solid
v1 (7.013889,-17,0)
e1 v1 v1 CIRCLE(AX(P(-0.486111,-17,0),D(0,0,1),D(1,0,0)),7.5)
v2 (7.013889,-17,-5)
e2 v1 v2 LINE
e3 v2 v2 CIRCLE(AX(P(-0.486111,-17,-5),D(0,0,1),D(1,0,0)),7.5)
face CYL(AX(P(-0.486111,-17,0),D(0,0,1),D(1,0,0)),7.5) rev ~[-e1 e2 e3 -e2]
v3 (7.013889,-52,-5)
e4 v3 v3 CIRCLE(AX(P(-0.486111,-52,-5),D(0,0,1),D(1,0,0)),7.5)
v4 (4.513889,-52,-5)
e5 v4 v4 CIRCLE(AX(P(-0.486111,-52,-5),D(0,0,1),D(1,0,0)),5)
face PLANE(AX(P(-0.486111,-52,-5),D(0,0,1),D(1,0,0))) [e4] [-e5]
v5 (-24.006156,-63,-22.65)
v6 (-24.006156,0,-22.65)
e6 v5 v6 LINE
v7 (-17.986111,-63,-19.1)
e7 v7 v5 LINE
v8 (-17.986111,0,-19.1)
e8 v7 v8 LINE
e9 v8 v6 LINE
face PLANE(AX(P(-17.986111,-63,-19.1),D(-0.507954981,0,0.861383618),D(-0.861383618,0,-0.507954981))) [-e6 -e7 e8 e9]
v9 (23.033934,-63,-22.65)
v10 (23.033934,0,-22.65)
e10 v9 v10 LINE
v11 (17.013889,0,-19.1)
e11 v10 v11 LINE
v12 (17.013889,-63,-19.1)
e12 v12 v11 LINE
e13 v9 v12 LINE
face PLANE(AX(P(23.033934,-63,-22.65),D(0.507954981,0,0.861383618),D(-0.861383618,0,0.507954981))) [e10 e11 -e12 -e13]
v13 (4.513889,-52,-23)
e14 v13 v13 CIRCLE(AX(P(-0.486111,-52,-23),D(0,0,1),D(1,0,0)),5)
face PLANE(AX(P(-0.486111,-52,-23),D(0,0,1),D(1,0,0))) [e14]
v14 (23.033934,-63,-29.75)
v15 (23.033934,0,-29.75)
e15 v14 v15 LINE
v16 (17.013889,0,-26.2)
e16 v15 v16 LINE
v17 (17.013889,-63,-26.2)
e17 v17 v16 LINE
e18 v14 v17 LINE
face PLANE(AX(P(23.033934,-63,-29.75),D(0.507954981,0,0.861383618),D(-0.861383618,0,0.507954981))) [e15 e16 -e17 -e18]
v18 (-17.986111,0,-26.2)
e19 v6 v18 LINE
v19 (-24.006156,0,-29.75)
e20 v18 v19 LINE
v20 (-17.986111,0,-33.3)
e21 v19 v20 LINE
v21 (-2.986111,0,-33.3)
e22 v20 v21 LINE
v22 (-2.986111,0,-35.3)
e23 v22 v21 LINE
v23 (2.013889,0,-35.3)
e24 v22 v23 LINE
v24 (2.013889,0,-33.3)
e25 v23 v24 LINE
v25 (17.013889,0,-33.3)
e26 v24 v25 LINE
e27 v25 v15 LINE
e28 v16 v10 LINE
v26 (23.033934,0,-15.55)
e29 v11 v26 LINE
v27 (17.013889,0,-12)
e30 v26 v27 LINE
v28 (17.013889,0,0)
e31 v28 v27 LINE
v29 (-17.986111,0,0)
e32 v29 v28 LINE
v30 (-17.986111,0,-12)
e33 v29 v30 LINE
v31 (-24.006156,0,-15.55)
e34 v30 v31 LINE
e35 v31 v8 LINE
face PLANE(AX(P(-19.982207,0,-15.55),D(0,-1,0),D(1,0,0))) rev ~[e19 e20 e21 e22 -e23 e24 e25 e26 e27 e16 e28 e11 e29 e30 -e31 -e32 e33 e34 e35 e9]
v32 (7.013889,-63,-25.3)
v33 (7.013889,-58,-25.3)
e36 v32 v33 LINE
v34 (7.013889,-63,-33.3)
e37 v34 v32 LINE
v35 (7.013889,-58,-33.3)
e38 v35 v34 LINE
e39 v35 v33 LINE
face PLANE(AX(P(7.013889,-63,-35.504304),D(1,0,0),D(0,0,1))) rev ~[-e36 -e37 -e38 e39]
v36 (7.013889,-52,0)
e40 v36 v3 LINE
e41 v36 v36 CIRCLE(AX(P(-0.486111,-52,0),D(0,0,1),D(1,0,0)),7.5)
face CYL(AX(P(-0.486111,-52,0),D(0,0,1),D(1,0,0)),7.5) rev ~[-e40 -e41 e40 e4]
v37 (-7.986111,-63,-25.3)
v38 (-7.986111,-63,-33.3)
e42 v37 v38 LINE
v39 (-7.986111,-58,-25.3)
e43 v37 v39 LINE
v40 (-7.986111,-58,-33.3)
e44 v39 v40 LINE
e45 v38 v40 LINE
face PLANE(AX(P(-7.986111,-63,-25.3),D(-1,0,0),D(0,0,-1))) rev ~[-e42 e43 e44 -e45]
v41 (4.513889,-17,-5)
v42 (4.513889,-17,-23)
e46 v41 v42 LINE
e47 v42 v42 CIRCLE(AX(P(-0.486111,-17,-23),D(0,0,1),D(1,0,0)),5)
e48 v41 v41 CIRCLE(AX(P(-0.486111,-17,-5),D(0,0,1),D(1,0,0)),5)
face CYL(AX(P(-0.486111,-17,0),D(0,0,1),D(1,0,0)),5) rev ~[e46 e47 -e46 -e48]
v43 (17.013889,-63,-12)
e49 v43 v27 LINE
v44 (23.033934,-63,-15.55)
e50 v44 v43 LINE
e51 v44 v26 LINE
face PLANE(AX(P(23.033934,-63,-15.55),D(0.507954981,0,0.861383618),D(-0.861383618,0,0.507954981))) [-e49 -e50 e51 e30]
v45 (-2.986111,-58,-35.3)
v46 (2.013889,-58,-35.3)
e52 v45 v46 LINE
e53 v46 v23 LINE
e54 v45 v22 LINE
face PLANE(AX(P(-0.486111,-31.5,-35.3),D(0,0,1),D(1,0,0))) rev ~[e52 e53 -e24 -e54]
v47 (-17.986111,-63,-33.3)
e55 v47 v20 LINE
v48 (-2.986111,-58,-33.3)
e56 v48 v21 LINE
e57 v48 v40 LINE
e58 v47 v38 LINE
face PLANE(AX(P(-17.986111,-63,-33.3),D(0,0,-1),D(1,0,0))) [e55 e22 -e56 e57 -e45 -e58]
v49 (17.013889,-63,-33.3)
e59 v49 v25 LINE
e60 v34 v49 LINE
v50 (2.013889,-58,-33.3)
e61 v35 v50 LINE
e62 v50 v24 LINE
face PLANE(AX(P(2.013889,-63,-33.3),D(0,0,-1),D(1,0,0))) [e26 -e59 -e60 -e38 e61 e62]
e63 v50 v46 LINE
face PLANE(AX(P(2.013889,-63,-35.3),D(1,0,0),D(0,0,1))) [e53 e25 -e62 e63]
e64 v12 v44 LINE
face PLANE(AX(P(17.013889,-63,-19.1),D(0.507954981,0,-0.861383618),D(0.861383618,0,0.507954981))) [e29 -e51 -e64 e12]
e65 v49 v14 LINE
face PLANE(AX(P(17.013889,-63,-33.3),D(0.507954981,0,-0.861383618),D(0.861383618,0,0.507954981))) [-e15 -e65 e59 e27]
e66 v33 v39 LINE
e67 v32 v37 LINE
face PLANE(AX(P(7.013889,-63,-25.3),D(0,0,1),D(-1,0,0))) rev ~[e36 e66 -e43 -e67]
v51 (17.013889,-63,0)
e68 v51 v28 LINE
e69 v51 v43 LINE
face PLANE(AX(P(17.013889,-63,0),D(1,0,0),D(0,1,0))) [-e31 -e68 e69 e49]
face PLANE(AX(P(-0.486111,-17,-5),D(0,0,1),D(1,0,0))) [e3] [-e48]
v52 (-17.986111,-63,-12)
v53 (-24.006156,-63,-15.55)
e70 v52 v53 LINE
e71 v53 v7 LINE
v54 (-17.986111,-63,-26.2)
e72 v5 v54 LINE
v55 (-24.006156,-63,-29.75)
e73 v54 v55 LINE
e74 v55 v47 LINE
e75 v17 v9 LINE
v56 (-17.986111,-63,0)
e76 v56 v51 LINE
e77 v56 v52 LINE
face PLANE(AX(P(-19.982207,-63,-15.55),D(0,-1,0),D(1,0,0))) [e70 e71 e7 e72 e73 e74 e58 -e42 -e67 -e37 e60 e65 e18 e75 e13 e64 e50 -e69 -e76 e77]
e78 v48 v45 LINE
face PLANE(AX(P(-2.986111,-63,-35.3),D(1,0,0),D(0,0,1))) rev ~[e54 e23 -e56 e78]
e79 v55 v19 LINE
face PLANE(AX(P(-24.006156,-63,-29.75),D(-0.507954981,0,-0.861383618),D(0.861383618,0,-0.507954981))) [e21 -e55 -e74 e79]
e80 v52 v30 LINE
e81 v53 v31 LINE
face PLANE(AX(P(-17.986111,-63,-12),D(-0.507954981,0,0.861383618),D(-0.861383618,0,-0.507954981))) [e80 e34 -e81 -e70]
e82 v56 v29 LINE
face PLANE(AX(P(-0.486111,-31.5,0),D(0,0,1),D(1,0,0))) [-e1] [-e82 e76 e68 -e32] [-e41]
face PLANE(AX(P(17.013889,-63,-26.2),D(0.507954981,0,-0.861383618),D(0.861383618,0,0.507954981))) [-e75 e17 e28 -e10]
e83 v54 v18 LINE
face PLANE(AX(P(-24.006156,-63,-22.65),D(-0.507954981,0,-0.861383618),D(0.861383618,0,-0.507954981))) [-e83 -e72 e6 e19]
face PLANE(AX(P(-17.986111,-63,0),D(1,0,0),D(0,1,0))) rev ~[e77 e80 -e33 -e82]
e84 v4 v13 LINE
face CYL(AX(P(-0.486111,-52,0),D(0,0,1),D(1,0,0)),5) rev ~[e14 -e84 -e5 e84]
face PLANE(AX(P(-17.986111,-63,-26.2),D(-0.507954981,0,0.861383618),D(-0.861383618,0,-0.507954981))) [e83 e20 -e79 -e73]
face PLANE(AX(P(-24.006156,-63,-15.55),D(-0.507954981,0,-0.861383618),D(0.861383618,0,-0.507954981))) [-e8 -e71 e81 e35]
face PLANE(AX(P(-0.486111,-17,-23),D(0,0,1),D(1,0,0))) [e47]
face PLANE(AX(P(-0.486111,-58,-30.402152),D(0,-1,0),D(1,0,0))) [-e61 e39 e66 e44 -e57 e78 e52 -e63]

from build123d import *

# Parameters (mm, degrees)
F0_W     = 35
F0_H     = 63
F1_DEPTH = 35.3
F2_W     = 15
F2_H     = 2
F3_DEPTH = 63.001
F4_DEPTH = 63
F5_R     = 5
F6_DEPTH = 23
F5_R_2   = 7.5
F7_DEPTH = 5
F9_DEPTH = 5


with BuildPart() as f1:
    # F0 (on Top) → F1 (new body)
    with BuildSketch(Plane.XY):
        with Locations((-0.486111, -31.5)):
            Rectangle(F0_W, F0_H)
    extrude(amount=-F1_DEPTH)

    # F2 (on face) → F3 (cut, through all)
    with BuildSketch(Plane.XZ.offset(63)):
        with Locations((9.513889, -34.3)):
            Rectangle(F2_W, F2_H)
        with Locations((-10.486111, -34.3)):
            Rectangle(F2_W, F2_H)
    extrude(amount=-F3_DEPTH, mode=Mode.SUBTRACT)

    # F2 (on face) → F4 (join)
    with BuildSketch(Plane.XZ.offset(63)):
        Polygon((-17.986111, -19.1), (-17.986111, -12), (-24.006156, -15.55), align=None)
        Polygon((-17.986111, -26.2), (-17.986111, -19.1), (-24.006156, -22.65), align=None)
        Polygon((-17.986111, -33.3), (-17.986111, -26.2), (-24.006156, -29.75), align=None)
        Polygon((23.033934, -29.75), (17.013889, -26.2), (17.013889, -33.3), align=None)
        Polygon((23.033934, -15.55), (17.013889, -12), (17.013889, -19.1), align=None)
        Polygon((23.033934, -22.65), (17.013889, -19.1), (17.013889, -26.2), align=None)
    extrude(amount=-F4_DEPTH)

    # F5 (on face) → F6 (cut)
    with BuildSketch(Plane.XY):
        with Locations((-0.486111, -17)):
            Circle(F5_R)
        with Locations((-0.486111, -52)):
            Circle(F5_R)
    extrude(amount=-F6_DEPTH, mode=Mode.SUBTRACT)

    # F5 (on face) → F7 (cut)
    with BuildSketch(Plane.XY):
        with Locations((-0.486111, -17)):
            Circle(F5_R_2)
        with Locations((-0.486111, -17)):
            Circle(F5_R, mode=Mode.SUBTRACT)
        with Locations((-0.486111, -52)):
            Circle(F5_R_2)
        with Locations((-0.486111, -52)):
            Circle(F5_R, mode=Mode.SUBTRACT)
    extrude(amount=-F7_DEPTH, mode=Mode.SUBTRACT)

    # F8 (on face) → F9 (cut)
    with BuildSketch(Plane.XZ.offset(63)):
        Polygon((-0.486111, -25.3), (-7.986111, -25.3), (-7.986111, -35.504304), (7.013889, -35.504304), (7.013889, -25.3), align=None)
    extrude(amount=-F9_DEPTH, mode=Mode.SUBTRACT)


solid = f1.part
